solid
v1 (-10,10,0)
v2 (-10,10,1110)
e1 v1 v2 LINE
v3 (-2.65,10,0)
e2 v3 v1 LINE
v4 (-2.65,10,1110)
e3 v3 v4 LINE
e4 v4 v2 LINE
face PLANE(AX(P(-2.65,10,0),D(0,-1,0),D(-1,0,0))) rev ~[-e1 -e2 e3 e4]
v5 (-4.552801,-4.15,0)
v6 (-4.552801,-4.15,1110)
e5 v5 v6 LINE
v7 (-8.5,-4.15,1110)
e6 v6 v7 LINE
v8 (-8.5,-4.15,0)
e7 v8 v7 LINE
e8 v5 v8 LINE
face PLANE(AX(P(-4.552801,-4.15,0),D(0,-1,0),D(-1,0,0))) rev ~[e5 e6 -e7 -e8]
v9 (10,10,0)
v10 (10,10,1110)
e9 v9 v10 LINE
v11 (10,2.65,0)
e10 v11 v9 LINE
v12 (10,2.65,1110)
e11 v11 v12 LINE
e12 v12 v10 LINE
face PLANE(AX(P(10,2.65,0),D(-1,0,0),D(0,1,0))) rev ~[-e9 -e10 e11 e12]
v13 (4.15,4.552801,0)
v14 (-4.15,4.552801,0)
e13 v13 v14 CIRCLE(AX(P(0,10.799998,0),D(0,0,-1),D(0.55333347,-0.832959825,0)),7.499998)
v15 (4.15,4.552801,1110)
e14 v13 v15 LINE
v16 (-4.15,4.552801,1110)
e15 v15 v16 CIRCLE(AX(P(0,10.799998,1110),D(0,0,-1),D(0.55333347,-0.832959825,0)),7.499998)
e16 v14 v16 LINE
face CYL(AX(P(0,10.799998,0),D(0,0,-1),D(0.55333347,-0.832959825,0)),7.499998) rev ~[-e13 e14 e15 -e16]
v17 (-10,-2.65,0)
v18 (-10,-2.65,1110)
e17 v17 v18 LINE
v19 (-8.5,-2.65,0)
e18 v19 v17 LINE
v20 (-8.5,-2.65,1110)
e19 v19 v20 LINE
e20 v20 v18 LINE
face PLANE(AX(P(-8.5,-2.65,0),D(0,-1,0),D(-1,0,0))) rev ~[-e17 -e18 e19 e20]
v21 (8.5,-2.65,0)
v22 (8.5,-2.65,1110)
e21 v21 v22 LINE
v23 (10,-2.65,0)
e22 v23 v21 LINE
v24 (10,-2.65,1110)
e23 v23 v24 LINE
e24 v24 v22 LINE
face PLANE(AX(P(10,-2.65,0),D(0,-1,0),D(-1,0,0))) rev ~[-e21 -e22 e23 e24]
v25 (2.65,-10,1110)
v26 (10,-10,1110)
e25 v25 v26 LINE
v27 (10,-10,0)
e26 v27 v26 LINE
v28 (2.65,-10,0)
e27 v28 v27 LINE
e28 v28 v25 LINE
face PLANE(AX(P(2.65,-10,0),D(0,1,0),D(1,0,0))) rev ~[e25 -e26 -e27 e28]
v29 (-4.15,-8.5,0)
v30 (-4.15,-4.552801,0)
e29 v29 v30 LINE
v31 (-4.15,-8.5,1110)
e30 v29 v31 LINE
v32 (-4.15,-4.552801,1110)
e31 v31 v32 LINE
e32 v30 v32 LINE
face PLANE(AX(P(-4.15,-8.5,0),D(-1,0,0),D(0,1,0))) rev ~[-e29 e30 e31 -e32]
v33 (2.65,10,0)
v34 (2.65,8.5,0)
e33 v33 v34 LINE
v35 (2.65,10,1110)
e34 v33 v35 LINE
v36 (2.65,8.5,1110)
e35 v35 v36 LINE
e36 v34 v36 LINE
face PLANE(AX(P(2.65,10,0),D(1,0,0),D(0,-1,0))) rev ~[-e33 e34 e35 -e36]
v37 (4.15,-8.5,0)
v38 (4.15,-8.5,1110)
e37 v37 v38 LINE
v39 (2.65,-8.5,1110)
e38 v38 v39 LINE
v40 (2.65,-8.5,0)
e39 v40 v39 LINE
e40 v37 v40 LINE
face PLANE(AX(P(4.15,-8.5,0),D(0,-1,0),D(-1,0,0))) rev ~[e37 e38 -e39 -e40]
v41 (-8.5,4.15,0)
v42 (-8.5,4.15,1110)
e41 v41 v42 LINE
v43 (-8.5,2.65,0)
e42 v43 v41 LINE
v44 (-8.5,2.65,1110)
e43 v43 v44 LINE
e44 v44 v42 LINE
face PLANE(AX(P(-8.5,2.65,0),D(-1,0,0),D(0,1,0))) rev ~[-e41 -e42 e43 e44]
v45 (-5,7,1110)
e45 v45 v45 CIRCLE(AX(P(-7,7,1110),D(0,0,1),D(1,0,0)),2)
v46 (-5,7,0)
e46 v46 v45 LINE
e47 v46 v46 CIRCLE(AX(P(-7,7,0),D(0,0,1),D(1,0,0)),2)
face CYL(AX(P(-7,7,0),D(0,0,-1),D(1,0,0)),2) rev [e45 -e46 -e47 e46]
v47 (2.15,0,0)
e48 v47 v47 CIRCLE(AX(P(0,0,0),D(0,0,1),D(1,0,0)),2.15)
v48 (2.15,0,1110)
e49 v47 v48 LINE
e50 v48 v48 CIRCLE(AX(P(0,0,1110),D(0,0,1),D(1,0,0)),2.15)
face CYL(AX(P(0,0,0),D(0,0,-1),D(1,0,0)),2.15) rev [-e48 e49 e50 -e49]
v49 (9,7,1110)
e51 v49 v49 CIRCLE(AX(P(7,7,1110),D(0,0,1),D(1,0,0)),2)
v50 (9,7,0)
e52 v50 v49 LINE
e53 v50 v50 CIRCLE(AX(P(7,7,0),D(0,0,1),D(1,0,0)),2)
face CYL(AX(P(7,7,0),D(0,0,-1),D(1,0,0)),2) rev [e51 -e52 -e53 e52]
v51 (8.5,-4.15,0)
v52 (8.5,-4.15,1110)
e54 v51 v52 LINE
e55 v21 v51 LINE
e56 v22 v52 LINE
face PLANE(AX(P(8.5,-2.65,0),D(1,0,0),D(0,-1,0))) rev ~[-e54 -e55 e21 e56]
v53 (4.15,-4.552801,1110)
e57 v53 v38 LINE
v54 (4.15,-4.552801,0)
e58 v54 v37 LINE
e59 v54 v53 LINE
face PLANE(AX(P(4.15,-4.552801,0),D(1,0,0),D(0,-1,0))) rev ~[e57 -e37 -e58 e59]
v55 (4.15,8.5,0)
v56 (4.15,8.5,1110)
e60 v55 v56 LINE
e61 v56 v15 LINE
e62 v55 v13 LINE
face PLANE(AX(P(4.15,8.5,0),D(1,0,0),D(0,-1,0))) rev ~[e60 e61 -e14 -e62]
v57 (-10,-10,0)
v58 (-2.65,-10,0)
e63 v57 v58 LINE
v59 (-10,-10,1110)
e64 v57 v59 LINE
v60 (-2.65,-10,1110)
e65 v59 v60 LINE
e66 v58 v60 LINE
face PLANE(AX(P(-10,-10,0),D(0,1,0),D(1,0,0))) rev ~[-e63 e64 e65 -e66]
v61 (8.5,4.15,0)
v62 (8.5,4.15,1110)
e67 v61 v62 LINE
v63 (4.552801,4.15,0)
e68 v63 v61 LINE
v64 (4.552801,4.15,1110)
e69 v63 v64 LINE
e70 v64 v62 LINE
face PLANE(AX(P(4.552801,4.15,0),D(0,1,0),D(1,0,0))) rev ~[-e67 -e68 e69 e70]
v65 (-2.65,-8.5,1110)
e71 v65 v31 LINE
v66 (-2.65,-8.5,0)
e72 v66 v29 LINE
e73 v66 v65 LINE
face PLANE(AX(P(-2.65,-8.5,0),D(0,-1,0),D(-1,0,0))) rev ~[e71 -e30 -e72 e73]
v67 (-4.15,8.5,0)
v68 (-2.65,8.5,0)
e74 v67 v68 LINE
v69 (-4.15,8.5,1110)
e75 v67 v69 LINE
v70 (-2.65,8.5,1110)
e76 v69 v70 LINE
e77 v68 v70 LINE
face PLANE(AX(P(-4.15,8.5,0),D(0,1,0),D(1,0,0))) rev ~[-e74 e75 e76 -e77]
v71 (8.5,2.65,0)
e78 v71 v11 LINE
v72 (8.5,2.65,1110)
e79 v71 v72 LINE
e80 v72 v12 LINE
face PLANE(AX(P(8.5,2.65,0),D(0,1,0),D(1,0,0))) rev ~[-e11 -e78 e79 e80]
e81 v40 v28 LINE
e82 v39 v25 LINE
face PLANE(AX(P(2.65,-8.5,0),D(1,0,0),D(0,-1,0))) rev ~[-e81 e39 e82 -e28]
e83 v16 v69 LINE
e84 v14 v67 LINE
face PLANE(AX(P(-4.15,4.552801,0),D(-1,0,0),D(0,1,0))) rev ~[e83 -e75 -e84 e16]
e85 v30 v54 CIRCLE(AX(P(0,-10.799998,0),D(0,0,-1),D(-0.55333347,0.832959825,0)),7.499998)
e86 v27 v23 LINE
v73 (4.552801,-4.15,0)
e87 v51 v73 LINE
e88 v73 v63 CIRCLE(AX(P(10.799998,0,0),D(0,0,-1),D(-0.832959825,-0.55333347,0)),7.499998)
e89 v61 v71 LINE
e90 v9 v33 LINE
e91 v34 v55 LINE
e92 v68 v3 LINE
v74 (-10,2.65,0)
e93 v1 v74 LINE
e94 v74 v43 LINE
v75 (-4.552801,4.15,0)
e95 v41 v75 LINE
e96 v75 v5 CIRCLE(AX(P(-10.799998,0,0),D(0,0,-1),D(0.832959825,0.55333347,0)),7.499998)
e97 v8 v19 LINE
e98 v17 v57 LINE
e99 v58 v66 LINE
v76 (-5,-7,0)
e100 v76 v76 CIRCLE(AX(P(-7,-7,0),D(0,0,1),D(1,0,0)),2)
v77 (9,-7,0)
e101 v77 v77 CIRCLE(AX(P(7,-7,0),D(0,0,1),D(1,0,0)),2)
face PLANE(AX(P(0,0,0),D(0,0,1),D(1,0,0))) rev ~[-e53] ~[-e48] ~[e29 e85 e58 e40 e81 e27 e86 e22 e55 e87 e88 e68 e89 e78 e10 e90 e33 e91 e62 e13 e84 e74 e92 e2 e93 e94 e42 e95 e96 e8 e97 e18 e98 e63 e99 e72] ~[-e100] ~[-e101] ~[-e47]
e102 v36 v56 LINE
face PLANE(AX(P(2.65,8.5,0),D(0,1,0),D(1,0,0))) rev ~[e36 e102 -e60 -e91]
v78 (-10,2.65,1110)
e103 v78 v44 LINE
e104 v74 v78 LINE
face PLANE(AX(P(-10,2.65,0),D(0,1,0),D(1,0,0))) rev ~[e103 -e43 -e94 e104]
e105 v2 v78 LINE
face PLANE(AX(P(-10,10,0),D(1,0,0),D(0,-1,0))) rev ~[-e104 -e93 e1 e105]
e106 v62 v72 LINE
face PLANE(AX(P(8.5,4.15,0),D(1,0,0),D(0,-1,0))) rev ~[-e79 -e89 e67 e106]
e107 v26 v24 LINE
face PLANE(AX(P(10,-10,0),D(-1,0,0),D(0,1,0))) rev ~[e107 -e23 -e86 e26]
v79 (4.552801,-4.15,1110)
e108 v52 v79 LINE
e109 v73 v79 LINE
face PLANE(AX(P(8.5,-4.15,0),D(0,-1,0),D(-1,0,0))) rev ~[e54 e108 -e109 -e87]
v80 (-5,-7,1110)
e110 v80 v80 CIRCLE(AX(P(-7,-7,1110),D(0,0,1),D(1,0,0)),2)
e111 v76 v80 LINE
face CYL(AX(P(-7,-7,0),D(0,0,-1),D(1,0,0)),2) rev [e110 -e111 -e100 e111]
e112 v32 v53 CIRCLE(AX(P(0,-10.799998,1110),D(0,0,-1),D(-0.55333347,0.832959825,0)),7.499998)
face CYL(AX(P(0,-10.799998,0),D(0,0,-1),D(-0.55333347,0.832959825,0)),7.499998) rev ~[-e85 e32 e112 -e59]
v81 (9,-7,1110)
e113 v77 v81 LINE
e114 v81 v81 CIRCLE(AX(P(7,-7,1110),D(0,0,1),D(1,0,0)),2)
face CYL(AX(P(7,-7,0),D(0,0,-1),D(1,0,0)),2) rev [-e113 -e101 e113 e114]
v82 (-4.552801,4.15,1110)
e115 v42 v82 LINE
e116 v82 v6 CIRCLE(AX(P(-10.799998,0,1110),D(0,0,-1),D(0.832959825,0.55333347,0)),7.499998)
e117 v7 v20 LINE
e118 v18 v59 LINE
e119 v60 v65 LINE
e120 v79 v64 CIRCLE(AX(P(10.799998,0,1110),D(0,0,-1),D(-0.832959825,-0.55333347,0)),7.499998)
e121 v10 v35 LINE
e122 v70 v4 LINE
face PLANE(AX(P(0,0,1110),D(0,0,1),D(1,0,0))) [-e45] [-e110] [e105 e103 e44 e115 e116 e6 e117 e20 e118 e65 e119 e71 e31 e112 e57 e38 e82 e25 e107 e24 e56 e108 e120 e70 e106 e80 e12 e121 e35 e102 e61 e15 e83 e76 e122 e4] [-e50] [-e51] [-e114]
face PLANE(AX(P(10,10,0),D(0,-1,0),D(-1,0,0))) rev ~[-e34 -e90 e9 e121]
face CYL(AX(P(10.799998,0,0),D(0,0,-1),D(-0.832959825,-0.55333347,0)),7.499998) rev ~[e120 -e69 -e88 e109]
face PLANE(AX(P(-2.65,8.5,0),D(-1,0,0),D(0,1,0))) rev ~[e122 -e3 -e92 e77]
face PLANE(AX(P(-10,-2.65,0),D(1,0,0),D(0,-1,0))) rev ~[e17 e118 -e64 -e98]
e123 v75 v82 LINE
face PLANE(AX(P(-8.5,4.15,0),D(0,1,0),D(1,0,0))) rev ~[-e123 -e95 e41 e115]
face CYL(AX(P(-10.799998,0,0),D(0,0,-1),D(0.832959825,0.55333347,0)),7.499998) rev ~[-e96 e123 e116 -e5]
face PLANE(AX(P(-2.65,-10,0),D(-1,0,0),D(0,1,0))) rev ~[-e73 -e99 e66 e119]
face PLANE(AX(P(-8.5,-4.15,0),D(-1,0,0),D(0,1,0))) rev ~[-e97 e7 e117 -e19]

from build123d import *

# Parameters (mm, degrees)
F0_R     = 2
F0_R_2   = 2.15
F1_DEPTH = 1110


with BuildPart() as f1:
    # F0 (on Top) → F1 (new body)
    with BuildSketch(Plane.XY):
        with BuildLine():
            Line((-10, 10), (-10, 2.65))
            Line((-10, 2.65), (-8.5, 2.65))
            Line((-8.5, 2.65), (-8.5, 4.15))
            Line((-8.5, 4.15), (-4.552801, 4.15))
            ThreePointArc((-4.552801, 4.15), (-3.3, 0), (-4.552801, -4.15))
            Line((-4.552801, -4.15), (-8.5, -4.15))
            Line((-8.5, -4.15), (-8.5, -2.65))
            Line((-8.5, -2.65), (-10, -2.65))
            Line((-10, -2.65), (-10, -10))
            Line((-10, -10), (-2.65, -10))
            Line((-2.65, -10), (-2.65, -8.5))
            Line((-2.65, -8.5), (-4.15, -8.5))
            Line((-4.15, -8.5), (-4.15, -4.552801))
            ThreePointArc((-4.15, -4.552801), (0, -3.3), (4.15, -4.552801))
            Line((4.15, -4.552801), (4.15, -8.5))
            Line((4.15, -8.5), (2.65, -8.5))
            Line((2.65, -8.5), (2.65, -10))
            Line((2.65, -10), (10, -10))
            Line((10, -10), (10, -2.65))
            Line((10, -2.65), (8.5, -2.65))
            Line((8.5, -2.65), (8.5, -4.15))
            Line((8.5, -4.15), (4.552801, -4.15))
            ThreePointArc((4.552801, -4.15), (3.3, 0), (4.552801, 4.15))
            Line((4.552801, 4.15), (8.5, 4.15))
            Line((8.5, 4.15), (8.5, 2.65))
            Line((8.5, 2.65), (10, 2.65))
            Line((10, 2.65), (10, 10))
            Line((10, 10), (2.65, 10))
            Line((2.65, 10), (2.65, 8.5))
            Line((2.65, 8.5), (4.15, 8.5))
            Line((4.15, 8.5), (4.15, 4.552801))
            ThreePointArc((4.15, 4.552801), (0, 3.3), (-4.15, 4.552801))
            Line((-4.15, 4.552801), (-4.15, 8.5))
            Line((-4.15, 8.5), (-2.65, 8.5))
            Line((-2.65, 8.5), (-2.65, 10))
            Line((-2.65, 10), (-10, 10))
        make_face()
        with Locations((-7, -7)):
            Circle(F0_R, mode=Mode.SUBTRACT)
        with Locations((7, -7)):
            Circle(F0_R, mode=Mode.SUBTRACT)
        with Locations((-7, 7)):
            Circle(F0_R, mode=Mode.SUBTRACT)
        Circle(F0_R_2, mode=Mode.SUBTRACT)
        with Locations((7, 7)):
            Circle(F0_R, mode=Mode.SUBTRACT)
    extrude(amount=F1_DEPTH)


solid = f1.part
